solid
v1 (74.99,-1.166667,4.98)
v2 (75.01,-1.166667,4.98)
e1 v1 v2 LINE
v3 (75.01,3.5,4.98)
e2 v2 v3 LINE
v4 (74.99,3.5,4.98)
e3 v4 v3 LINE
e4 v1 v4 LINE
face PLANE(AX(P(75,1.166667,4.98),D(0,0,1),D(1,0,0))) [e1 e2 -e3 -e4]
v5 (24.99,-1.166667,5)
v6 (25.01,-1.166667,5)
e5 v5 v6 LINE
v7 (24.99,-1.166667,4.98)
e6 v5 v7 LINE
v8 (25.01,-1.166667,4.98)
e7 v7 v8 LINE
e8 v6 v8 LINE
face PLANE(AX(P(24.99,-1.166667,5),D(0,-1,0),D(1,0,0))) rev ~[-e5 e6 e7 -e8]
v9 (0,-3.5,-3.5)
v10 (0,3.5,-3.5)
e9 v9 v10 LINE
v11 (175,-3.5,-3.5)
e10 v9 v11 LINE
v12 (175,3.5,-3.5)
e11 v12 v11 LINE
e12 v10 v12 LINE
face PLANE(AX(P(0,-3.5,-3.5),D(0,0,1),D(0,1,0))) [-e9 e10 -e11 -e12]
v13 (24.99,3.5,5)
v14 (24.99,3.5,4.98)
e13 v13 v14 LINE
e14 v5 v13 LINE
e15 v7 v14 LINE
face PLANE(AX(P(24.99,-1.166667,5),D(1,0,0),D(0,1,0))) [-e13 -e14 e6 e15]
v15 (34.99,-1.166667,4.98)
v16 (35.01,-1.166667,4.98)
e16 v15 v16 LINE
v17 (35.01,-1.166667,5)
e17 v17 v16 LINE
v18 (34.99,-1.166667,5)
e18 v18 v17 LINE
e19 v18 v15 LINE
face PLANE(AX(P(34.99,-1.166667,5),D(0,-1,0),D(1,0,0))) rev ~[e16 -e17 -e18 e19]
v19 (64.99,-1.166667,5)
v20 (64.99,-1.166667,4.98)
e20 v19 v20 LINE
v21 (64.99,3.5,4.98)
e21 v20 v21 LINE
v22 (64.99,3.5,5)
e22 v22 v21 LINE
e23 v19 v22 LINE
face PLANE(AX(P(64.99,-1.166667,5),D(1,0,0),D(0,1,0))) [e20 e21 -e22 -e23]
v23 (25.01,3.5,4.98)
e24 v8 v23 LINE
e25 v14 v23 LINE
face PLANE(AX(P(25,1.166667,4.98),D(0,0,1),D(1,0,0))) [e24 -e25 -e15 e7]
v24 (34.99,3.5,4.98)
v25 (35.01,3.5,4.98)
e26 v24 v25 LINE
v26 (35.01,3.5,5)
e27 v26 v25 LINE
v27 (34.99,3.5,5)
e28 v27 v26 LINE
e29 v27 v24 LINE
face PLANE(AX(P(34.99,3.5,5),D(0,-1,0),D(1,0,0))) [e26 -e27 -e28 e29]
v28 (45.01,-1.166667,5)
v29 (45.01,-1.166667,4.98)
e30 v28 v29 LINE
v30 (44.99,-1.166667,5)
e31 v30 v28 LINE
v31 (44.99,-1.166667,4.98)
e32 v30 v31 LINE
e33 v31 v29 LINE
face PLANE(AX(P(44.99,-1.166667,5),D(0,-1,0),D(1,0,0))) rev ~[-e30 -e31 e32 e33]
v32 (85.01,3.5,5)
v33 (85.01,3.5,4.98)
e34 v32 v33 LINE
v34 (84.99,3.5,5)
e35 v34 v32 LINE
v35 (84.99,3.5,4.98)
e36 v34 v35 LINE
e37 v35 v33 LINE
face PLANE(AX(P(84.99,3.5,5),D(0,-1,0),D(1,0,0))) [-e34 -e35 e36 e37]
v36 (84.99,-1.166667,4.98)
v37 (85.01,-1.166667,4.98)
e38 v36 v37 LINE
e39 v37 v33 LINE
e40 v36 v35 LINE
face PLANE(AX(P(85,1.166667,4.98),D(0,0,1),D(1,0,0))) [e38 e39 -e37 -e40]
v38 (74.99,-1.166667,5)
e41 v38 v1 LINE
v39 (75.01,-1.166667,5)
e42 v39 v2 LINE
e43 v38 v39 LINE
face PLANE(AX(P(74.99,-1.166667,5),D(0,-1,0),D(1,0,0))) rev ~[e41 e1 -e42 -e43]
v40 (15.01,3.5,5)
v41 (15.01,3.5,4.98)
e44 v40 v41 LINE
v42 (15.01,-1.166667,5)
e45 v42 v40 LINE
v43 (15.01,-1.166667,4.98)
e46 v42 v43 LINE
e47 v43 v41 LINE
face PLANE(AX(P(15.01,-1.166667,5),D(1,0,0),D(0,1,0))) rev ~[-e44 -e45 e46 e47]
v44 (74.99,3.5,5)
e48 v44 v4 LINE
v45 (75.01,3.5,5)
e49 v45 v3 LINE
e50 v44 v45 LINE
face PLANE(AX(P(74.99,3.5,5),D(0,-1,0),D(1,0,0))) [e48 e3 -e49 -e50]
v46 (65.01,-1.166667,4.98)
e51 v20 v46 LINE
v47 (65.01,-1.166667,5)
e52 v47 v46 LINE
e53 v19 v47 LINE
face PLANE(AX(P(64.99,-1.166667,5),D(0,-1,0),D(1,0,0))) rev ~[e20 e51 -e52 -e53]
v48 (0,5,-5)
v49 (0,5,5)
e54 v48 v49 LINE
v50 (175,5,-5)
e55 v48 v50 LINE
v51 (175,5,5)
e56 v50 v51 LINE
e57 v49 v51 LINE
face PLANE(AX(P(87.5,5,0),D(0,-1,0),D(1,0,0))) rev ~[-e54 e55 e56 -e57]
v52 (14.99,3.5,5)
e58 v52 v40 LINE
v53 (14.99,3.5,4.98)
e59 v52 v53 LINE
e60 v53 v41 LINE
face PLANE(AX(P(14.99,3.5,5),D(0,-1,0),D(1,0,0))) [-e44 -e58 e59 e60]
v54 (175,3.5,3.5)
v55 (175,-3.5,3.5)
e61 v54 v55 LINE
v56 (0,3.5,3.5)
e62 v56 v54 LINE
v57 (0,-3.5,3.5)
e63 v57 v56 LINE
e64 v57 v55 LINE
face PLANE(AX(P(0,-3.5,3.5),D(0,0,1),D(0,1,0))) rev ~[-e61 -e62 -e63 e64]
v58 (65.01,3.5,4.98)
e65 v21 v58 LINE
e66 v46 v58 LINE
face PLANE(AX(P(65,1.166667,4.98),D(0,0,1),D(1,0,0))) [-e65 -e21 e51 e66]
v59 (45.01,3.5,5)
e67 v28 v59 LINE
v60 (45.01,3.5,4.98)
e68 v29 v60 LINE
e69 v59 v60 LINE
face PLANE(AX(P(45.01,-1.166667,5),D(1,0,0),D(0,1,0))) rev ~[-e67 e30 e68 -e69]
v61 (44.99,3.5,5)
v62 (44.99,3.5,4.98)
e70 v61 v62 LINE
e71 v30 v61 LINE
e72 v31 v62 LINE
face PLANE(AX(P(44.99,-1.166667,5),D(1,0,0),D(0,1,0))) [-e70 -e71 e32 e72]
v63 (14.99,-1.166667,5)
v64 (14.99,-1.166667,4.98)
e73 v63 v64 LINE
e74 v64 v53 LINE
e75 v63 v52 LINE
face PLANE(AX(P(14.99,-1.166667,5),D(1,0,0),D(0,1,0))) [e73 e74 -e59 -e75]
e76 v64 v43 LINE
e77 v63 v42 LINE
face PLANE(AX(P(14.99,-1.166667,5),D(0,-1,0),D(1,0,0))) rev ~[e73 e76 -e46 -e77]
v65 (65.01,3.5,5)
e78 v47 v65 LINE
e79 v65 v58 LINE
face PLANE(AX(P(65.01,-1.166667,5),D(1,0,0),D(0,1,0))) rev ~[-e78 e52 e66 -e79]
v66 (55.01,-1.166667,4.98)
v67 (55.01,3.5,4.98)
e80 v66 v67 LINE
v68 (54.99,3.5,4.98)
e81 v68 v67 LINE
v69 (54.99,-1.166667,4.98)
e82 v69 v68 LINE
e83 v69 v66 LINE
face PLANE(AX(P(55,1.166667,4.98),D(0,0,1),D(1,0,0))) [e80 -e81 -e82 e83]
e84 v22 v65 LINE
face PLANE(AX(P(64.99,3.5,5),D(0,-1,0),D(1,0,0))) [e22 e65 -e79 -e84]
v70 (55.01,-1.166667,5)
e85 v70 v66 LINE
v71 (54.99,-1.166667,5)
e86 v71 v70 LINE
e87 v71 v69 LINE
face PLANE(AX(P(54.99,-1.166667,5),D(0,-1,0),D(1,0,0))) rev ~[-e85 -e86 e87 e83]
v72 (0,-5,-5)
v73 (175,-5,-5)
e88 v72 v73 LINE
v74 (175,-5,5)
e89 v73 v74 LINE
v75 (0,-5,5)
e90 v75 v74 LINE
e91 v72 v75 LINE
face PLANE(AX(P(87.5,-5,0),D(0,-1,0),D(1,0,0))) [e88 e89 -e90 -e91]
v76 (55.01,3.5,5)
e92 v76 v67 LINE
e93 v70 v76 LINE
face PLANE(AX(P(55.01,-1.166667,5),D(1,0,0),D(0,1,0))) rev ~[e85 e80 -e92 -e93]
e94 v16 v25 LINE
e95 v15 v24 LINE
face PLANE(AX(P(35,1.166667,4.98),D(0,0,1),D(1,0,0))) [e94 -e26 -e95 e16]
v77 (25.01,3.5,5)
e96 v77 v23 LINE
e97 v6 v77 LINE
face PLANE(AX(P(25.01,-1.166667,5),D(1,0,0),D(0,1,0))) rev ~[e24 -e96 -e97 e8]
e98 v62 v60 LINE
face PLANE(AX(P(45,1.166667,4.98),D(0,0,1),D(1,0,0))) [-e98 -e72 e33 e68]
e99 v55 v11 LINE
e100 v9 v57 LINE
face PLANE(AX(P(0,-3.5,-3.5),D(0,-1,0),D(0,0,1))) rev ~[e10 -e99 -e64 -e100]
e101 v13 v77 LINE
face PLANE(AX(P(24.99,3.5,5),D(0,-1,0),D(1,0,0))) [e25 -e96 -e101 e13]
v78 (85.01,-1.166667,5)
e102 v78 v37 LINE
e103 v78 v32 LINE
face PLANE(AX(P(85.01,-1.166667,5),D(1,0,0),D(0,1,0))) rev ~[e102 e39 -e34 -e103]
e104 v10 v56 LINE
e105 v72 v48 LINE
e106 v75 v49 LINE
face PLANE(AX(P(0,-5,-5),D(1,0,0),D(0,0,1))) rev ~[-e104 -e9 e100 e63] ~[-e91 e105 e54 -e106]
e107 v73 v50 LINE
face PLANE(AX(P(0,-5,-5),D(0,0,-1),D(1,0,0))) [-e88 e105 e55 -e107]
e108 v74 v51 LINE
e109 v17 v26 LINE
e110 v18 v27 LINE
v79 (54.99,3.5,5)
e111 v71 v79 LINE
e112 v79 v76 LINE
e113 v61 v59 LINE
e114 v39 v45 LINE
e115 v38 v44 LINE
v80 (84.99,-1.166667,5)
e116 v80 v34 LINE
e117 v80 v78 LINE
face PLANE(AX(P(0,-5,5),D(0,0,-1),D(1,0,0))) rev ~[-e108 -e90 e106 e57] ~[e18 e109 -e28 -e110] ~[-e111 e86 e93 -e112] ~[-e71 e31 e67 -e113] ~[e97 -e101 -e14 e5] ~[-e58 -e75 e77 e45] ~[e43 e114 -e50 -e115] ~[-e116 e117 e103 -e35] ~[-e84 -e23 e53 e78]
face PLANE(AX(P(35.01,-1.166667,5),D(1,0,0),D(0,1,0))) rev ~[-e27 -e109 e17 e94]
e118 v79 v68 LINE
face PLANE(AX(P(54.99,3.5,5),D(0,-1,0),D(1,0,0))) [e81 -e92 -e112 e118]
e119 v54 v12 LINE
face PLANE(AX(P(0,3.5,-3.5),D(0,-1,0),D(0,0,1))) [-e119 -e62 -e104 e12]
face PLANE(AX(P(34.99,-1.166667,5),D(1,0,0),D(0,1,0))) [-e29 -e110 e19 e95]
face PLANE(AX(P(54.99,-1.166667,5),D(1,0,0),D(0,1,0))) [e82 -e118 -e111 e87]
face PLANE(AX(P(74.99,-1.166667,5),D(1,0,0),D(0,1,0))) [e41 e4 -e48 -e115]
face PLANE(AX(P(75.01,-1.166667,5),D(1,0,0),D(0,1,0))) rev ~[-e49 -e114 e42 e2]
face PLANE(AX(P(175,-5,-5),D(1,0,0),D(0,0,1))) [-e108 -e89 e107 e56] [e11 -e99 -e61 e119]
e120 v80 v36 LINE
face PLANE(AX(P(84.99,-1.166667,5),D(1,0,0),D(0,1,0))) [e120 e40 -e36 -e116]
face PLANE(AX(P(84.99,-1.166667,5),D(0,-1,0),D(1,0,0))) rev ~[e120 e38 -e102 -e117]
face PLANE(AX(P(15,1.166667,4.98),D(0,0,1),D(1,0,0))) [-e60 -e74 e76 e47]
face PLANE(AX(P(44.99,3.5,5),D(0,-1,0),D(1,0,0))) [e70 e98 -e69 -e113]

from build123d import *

# Parameters (mm, degrees)
CROQUIS1_W              = 175
CROQUIS1_H              = 10
SALIENTE_EXTRUIR1_DEPTH = 10
CROQUIS2_W              = 7
CROQUIS2_H              = 7
CORTAR_EXTRUIR1_DEPTH   = 176.142798881
CROQUIS3_W              = 0.02
CROQUIS3_H              = 4.666666667
CORTAR_EXTRUIR2_DEPTH   = 0.02
CROQUIS4_W              = 0.02
CROQUIS4_H              = 4.666666667
CORTAR_EXTRUIR3_DEPTH   = 0.02
CROQUIS5_W              = 0.02
CROQUIS5_H              = 4.666666667
CORTAR_EXTRUIR4_DEPTH   = 0.02
CROQUIS6_W              = 0.02
CROQUIS6_H              = 4.666666667
CORTAR_EXTRUIR5_DEPTH   = 0.02
CROQUIS7_W              = 0.02
CROQUIS7_H              = 4.666666667
CORTAR_EXTRUIR6_DEPTH   = 0.02
CROQUIS8_W              = 0.02
CROQUIS8_H              = 4.666666667
CORTAR_EXTRUIR7_DEPTH   = 0.02
CROQUIS9_W              = 0.02
CROQUIS9_H              = 4.666666667
CORTAR_EXTRUIR8_DEPTH   = 0.02
CROQUIS10_W             = 0.02
CROQUIS10_H             = 4.666666667
CORTAR_EXTRUIR9_DEPTH   = 0.02


with BuildPart() as part:
    # Croquis1 → Saliente-Extruir1 (new body)
    with BuildSketch(Plane.XZ.offset(5)):
        with Locations((87.5, 0)):
            Rectangle(CROQUIS1_W, CROQUIS1_H)
    extrude(amount=-SALIENTE_EXTRUIR1_DEPTH)

    # Croquis2 → Cortar-Extruir1 (cut, through all)
    with BuildSketch(Plane.ZY):
        Rectangle(CROQUIS2_W, CROQUIS2_H)
    extrude(amount=-CORTAR_EXTRUIR1_DEPTH, mode=Mode.SUBTRACT)

    # Croquis3 → Cortar-Extruir2 (cut)
    with BuildSketch(Plane.XY.offset(5)):
        with Locations((25, 1.166666666)):
            Rectangle(CROQUIS3_W, CROQUIS3_H)
    extrude(amount=-CORTAR_EXTRUIR2_DEPTH, mode=Mode.SUBTRACT)

    # Croquis4 → Cortar-Extruir3 (cut)
    with BuildSketch(Plane.XY.offset(5)):
        with Locations((35, 1.166666666)):
            Rectangle(CROQUIS4_W, CROQUIS4_H)
    extrude(amount=-CORTAR_EXTRUIR3_DEPTH, mode=Mode.SUBTRACT)

    # Croquis5 → Cortar-Extruir4 (cut)
    with BuildSketch(Plane.XY.offset(5)):
        with Locations((45, 1.166666666)):
            Rectangle(CROQUIS5_W, CROQUIS5_H)
    extrude(amount=-CORTAR_EXTRUIR4_DEPTH, mode=Mode.SUBTRACT)

    # Croquis6 → Cortar-Extruir5 (cut)
    with BuildSketch(Plane.XY.offset(5)):
        with Locations((55, 1.166666666)):
            Rectangle(CROQUIS6_W, CROQUIS6_H)
    extrude(amount=-CORTAR_EXTRUIR5_DEPTH, mode=Mode.SUBTRACT)

    # Croquis7 → Cortar-Extruir6 (cut)
    with BuildSketch(Plane.XY.offset(5)):
        with Locations((65, 1.166666666)):
            Rectangle(CROQUIS7_W, CROQUIS7_H)
    extrude(amount=-CORTAR_EXTRUIR6_DEPTH, mode=Mode.SUBTRACT)

    # Croquis8 → Cortar-Extruir7 (cut)
    with BuildSketch(Plane.XY.offset(5)):
        with Locations((75, 1.166666666)):
            Rectangle(CROQUIS8_W, CROQUIS8_H)
    extrude(amount=-CORTAR_EXTRUIR7_DEPTH, mode=Mode.SUBTRACT)

    # Croquis9 → Cortar-Extruir8 (cut)
    with BuildSketch(Plane.XY.offset(5)):
        with Locations((85, 1.166666666)):
            Rectangle(CROQUIS9_W, CROQUIS9_H)
    extrude(amount=-CORTAR_EXTRUIR8_DEPTH, mode=Mode.SUBTRACT)

    # Croquis10 → Cortar-Extruir9 (cut)
    with BuildSketch(Plane.XY.offset(5)):
        with Locations((15, 1.166666666)):
            Rectangle(CROQUIS10_W, CROQUIS10_H)
    extrude(amount=-CORTAR_EXTRUIR9_DEPTH, mode=Mode.SUBTRACT)


solid = part.part
